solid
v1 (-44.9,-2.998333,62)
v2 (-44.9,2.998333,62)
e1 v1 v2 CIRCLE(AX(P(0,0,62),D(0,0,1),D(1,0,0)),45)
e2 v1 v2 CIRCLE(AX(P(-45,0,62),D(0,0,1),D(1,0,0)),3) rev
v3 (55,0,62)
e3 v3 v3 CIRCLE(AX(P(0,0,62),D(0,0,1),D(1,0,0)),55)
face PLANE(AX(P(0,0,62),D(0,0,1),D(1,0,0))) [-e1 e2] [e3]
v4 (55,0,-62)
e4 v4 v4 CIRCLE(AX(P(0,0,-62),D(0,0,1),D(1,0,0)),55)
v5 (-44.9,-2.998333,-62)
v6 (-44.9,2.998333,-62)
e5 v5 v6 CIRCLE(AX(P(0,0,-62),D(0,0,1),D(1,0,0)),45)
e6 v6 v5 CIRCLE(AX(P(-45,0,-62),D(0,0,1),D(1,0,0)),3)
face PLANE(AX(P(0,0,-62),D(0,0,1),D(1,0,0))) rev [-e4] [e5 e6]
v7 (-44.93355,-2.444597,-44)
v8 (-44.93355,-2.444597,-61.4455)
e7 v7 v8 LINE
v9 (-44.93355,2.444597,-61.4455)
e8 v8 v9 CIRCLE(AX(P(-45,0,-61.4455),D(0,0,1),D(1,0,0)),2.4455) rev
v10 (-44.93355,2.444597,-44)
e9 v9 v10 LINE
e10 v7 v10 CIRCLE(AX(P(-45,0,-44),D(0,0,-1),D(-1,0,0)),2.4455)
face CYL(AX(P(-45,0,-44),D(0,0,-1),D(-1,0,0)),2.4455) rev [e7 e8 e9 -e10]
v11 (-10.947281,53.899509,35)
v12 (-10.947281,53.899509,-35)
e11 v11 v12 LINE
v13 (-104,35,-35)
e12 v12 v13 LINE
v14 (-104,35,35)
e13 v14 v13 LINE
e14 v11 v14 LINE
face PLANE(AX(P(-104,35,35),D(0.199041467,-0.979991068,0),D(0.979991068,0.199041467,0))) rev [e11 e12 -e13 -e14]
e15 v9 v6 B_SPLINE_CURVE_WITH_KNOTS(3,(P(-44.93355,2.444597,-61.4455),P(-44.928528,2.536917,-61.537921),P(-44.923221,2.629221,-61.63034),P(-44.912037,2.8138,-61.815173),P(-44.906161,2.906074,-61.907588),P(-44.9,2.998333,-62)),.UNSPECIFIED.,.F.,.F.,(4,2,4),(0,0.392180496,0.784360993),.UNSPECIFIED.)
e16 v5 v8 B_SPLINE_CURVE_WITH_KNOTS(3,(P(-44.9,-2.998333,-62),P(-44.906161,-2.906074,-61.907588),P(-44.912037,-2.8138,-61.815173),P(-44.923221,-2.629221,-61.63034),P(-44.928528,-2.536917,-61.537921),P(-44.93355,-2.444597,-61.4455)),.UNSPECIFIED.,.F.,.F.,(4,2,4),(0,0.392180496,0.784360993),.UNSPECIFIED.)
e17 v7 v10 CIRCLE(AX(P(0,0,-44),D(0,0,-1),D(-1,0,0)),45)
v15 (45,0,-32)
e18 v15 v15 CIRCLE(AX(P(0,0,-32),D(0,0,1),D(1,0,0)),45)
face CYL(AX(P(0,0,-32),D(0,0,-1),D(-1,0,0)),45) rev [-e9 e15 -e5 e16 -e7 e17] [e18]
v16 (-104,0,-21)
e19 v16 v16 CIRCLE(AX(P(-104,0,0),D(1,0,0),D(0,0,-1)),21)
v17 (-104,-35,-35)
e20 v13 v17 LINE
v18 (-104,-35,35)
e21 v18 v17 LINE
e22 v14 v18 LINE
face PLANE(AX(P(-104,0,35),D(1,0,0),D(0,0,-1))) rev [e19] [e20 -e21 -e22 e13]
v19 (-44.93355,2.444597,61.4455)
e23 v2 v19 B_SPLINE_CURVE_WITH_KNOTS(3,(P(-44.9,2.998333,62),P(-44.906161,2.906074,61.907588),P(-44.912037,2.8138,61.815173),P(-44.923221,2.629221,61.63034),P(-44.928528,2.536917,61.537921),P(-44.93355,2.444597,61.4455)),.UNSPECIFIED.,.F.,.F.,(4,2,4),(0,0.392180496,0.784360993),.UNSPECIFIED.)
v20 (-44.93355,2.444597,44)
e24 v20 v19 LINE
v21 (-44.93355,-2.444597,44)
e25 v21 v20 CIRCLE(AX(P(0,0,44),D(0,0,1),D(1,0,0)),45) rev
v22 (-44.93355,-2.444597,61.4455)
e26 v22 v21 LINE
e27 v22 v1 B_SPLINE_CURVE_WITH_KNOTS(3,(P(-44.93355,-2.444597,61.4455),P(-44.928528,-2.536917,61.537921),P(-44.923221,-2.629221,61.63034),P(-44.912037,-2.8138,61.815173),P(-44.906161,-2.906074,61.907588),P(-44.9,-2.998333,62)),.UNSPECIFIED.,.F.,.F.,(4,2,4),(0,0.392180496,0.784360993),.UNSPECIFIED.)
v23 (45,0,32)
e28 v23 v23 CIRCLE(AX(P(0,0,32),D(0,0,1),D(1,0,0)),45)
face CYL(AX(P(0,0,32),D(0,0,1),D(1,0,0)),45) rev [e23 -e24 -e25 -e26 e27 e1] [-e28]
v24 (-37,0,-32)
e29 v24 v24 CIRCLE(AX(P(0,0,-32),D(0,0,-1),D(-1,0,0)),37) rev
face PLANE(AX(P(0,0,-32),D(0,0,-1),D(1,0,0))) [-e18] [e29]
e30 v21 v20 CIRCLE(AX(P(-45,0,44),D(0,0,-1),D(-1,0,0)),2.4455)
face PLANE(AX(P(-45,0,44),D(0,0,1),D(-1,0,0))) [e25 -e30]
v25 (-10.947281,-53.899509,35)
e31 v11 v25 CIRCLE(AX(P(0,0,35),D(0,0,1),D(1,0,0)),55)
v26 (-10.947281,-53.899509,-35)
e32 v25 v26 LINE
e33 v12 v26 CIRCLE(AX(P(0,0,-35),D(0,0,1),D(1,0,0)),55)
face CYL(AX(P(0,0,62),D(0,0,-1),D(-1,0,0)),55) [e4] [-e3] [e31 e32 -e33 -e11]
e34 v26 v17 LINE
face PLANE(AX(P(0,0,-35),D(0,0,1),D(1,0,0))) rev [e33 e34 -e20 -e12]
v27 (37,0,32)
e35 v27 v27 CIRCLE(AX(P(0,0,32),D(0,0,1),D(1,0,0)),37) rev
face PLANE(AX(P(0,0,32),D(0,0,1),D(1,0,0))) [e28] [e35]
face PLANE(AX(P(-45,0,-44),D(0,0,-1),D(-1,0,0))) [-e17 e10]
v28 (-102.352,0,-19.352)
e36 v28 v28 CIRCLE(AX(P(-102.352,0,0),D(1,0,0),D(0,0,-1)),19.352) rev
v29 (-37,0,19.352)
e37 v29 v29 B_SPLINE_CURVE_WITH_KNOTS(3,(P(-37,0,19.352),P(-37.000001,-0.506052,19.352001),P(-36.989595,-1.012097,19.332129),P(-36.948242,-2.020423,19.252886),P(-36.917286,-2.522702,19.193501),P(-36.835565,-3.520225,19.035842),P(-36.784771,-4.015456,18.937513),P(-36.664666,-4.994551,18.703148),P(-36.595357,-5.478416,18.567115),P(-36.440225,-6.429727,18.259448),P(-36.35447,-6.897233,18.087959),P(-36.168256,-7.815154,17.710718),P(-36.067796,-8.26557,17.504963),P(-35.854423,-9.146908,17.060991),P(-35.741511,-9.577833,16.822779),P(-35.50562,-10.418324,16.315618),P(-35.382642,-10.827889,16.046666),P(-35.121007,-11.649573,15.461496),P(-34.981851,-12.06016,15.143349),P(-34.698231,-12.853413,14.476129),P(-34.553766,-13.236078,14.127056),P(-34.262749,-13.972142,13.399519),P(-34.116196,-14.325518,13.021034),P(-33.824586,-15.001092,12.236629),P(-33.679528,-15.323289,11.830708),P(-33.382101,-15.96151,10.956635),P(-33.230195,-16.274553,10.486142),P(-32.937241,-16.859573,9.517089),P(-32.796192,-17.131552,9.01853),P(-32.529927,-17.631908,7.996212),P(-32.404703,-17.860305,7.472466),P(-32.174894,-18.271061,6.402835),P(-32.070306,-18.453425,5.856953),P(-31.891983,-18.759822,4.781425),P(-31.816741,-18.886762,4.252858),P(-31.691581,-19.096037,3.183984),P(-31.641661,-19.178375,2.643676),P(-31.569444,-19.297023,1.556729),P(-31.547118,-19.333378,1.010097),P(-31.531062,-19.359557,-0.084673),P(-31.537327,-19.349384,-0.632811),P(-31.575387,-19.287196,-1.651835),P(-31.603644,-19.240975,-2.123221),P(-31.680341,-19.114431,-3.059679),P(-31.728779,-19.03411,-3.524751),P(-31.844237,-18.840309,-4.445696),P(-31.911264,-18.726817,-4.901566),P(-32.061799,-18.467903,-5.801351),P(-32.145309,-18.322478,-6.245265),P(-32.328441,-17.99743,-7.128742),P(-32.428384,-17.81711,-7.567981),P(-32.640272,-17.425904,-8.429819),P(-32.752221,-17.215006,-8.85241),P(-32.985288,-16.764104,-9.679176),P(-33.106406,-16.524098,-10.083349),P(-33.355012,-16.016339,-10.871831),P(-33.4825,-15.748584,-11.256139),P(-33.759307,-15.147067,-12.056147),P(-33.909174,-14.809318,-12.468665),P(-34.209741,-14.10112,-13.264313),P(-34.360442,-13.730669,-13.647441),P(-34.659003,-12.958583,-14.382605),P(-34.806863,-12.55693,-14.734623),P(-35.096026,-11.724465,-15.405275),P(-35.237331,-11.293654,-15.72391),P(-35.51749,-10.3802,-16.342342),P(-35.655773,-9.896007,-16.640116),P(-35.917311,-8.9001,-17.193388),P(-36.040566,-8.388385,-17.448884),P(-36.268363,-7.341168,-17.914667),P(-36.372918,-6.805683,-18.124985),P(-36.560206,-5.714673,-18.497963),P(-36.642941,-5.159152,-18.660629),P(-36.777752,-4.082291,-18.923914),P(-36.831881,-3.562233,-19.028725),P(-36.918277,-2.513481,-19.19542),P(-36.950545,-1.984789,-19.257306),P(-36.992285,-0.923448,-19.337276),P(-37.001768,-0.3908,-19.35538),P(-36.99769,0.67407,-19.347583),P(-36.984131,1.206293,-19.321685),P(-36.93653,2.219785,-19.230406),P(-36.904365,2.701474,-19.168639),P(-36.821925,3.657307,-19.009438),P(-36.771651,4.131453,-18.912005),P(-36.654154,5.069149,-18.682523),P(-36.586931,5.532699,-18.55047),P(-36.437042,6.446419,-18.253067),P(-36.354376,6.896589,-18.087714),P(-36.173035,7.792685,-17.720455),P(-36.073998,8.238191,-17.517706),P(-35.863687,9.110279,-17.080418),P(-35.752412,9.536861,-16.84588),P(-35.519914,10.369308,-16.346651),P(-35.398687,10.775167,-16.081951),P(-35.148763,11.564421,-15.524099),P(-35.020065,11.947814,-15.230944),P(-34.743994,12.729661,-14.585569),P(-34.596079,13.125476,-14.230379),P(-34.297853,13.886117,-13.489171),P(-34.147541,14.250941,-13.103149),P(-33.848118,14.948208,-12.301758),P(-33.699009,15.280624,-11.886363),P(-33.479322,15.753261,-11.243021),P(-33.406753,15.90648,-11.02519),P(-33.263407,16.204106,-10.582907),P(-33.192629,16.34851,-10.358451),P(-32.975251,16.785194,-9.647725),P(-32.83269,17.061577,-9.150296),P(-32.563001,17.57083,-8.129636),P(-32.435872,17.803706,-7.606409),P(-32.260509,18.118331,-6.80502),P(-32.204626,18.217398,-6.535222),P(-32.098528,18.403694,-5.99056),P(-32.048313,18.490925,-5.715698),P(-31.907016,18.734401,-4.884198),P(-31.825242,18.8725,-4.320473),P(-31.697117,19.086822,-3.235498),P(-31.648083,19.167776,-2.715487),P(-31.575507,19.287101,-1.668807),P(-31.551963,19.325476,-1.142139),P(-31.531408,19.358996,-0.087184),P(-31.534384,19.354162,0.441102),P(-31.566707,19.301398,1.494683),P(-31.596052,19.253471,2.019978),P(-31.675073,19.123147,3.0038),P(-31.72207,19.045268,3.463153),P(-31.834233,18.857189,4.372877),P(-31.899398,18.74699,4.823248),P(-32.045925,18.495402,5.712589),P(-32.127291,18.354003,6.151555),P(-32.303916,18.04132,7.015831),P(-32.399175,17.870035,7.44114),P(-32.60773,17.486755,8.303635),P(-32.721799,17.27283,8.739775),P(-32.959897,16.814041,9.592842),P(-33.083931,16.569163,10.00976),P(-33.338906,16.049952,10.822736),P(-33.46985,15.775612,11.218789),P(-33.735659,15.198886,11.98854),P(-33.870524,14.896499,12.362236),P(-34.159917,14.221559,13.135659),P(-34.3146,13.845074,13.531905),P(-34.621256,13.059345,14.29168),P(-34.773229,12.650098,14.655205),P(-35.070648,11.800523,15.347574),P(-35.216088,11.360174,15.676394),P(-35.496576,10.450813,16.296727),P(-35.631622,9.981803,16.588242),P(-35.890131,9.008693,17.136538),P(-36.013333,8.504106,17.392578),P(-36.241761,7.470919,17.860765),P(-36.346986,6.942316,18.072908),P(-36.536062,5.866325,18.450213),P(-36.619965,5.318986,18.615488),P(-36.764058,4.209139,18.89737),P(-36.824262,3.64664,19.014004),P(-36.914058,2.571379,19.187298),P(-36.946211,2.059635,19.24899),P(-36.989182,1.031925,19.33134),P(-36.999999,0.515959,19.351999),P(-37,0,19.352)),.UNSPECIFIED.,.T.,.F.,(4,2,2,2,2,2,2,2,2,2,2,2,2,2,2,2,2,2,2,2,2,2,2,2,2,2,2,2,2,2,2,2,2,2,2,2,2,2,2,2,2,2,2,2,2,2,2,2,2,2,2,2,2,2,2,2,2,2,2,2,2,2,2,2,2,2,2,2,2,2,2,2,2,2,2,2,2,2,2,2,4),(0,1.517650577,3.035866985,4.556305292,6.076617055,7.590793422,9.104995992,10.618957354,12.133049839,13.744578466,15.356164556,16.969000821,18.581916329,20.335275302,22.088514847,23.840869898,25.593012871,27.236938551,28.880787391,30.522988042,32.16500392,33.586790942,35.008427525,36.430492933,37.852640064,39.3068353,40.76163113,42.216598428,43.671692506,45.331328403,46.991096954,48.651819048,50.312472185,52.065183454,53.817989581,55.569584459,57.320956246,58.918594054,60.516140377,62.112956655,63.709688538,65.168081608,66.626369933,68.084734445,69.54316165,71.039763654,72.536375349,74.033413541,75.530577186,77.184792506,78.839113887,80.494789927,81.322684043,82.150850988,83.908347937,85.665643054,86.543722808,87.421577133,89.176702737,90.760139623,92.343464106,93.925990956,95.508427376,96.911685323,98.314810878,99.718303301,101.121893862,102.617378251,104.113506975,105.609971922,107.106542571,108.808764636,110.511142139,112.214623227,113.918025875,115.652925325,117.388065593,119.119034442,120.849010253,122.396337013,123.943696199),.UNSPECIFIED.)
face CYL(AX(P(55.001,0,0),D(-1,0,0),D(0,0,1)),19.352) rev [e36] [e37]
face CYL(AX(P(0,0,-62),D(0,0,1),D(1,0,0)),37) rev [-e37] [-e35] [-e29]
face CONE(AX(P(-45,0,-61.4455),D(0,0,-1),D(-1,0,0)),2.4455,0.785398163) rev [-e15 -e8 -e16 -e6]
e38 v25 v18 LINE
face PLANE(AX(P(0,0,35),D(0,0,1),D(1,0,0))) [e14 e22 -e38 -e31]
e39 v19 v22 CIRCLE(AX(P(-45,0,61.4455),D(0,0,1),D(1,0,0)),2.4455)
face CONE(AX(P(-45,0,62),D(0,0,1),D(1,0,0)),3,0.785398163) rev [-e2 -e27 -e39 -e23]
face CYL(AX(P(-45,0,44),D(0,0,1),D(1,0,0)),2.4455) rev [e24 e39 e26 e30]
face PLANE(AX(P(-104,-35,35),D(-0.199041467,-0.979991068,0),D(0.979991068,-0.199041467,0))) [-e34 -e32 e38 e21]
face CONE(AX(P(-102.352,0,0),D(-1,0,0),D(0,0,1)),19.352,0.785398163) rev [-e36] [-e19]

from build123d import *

# Parameters (mm, degrees)
SKETCH_1_R               = 55
EXTRUDE_1_DEPTH          = 62
EXTRUDE_2_DEPTH          = 35
SKETCH_3_R               = 37
CUT_EXTRUDE_1_DEPTH      = 63
CUT_EXTRUDE_1_DEPTH_BACK = 63
SKETCH_4_R               = 45
CUT_EXTRUDE_2_DEPTH      = 30
CUT_EXTRUDE_3_REACH      = 161
SKETCH_6_R               = 19.352
CHAMFER_2_SIZE           = 1.648
SKETCH_9_R               = 2.4455
CUT_EXTRUDE_5_DEPTH      = 18
CHAMFER_3_SIZE           = 0.5545


with BuildPart() as part:
    # Эскиз1 → Бобышка-Вытянуть1 (new body, symmetric)
    with BuildSketch(Plane.XY):
        Circle(SKETCH_1_R)
    extrude(amount=EXTRUDE_1_DEPTH, both=True)

    # Эскиз2 → Бобышка-Вытянуть2 (add, symmetric)
    with BuildSketch(Plane.XY):
        Polygon((-104, 0), (-104, 35), (-10.947280704, 53.899508766), (-10.947280704, 0), align=None)
    extrude_2 = extrude(amount=EXTRUDE_2_DEPTH, both=True)

    # Зеркальное отражение1: Бобышка-Вытянуть2 across plane
    add(extrude_2.mirror(Plane(origin=(-104, 0, 35), x_dir=(0, 0, 1), z_dir=(0, 1, 0))))

    # Эскиз3 → Вырез-Вытянуть1 (cut, two sides)
    with BuildSketch(Plane.XY) as cut_extrude_1_sk:
        Circle(SKETCH_3_R)
    extrude(amount=CUT_EXTRUDE_1_DEPTH, mode=Mode.SUBTRACT)
    extrude(cut_extrude_1_sk.sketch, amount=-CUT_EXTRUDE_1_DEPTH_BACK, mode=Mode.SUBTRACT)

    # Эскиз4 → Вырез-Вытянуть2 (cut)
    with BuildSketch(Plane.XY.offset(62)):
        Circle(SKETCH_4_R)
    cut_extrude_2 = extrude(amount=-CUT_EXTRUDE_2_DEPTH, mode=Mode.SUBTRACT)

    # Зеркальное отражение2: Вырез-Вытянуть2 across plane
    add(cut_extrude_2.mirror(Plane.XY), mode=Mode.SUBTRACT)

    # Эскиз6 → Вырез-Вытянуть3 (cut, up to next)
    with BuildSketch(Plane.ZY.offset(104), mode=Mode.PRIVATE) as cut_extrude_3_sk1:
        Circle(SKETCH_6_R)
    cut_extrude_3_tool1 = extrude(cut_extrude_3_sk1.sketch, amount=-CUT_EXTRUDE_3_REACH, mode=Mode.PRIVATE) & part.part
    add(cut_extrude_3_tool1.solids().sort_by_distance((-104, 0, 0))[0], mode=Mode.SUBTRACT)

    # Фаска2
    chamfer_2_edges = [part.edges().sort_by_distance(p)[0] for p in [
        (-104, 0, -19.352),
    ]]
    chamfer(chamfer_2_edges, length=CHAMFER_2_SIZE)

    # Эскиз9 → Вырез-Вытянуть5 (cut)
    with BuildSketch(Plane(origin=(0, 0, -62), x_dir=(-1, 0, 0), z_dir=(0, 0, -1))):
        with Locations((45, 0)):
            Circle(SKETCH_9_R)
    cut_extrude_5 = extrude(amount=-CUT_EXTRUDE_5_DEPTH, mode=Mode.SUBTRACT)

    # Зеркальное отражение3: Вырез-Вытянуть5 across plane
    add(cut_extrude_5.mirror(Plane.XY), mode=Mode.SUBTRACT)

    # Фаска3
    chamfer_3_edges = [part.edges().sort_by_distance(p)[0] for p in [
        (-47.4455, 0, -62),
        (-47.4455, 0, 62),
    ]]
    chamfer(chamfer_3_edges, length=CHAMFER_3_SIZE)


solid = part.part
